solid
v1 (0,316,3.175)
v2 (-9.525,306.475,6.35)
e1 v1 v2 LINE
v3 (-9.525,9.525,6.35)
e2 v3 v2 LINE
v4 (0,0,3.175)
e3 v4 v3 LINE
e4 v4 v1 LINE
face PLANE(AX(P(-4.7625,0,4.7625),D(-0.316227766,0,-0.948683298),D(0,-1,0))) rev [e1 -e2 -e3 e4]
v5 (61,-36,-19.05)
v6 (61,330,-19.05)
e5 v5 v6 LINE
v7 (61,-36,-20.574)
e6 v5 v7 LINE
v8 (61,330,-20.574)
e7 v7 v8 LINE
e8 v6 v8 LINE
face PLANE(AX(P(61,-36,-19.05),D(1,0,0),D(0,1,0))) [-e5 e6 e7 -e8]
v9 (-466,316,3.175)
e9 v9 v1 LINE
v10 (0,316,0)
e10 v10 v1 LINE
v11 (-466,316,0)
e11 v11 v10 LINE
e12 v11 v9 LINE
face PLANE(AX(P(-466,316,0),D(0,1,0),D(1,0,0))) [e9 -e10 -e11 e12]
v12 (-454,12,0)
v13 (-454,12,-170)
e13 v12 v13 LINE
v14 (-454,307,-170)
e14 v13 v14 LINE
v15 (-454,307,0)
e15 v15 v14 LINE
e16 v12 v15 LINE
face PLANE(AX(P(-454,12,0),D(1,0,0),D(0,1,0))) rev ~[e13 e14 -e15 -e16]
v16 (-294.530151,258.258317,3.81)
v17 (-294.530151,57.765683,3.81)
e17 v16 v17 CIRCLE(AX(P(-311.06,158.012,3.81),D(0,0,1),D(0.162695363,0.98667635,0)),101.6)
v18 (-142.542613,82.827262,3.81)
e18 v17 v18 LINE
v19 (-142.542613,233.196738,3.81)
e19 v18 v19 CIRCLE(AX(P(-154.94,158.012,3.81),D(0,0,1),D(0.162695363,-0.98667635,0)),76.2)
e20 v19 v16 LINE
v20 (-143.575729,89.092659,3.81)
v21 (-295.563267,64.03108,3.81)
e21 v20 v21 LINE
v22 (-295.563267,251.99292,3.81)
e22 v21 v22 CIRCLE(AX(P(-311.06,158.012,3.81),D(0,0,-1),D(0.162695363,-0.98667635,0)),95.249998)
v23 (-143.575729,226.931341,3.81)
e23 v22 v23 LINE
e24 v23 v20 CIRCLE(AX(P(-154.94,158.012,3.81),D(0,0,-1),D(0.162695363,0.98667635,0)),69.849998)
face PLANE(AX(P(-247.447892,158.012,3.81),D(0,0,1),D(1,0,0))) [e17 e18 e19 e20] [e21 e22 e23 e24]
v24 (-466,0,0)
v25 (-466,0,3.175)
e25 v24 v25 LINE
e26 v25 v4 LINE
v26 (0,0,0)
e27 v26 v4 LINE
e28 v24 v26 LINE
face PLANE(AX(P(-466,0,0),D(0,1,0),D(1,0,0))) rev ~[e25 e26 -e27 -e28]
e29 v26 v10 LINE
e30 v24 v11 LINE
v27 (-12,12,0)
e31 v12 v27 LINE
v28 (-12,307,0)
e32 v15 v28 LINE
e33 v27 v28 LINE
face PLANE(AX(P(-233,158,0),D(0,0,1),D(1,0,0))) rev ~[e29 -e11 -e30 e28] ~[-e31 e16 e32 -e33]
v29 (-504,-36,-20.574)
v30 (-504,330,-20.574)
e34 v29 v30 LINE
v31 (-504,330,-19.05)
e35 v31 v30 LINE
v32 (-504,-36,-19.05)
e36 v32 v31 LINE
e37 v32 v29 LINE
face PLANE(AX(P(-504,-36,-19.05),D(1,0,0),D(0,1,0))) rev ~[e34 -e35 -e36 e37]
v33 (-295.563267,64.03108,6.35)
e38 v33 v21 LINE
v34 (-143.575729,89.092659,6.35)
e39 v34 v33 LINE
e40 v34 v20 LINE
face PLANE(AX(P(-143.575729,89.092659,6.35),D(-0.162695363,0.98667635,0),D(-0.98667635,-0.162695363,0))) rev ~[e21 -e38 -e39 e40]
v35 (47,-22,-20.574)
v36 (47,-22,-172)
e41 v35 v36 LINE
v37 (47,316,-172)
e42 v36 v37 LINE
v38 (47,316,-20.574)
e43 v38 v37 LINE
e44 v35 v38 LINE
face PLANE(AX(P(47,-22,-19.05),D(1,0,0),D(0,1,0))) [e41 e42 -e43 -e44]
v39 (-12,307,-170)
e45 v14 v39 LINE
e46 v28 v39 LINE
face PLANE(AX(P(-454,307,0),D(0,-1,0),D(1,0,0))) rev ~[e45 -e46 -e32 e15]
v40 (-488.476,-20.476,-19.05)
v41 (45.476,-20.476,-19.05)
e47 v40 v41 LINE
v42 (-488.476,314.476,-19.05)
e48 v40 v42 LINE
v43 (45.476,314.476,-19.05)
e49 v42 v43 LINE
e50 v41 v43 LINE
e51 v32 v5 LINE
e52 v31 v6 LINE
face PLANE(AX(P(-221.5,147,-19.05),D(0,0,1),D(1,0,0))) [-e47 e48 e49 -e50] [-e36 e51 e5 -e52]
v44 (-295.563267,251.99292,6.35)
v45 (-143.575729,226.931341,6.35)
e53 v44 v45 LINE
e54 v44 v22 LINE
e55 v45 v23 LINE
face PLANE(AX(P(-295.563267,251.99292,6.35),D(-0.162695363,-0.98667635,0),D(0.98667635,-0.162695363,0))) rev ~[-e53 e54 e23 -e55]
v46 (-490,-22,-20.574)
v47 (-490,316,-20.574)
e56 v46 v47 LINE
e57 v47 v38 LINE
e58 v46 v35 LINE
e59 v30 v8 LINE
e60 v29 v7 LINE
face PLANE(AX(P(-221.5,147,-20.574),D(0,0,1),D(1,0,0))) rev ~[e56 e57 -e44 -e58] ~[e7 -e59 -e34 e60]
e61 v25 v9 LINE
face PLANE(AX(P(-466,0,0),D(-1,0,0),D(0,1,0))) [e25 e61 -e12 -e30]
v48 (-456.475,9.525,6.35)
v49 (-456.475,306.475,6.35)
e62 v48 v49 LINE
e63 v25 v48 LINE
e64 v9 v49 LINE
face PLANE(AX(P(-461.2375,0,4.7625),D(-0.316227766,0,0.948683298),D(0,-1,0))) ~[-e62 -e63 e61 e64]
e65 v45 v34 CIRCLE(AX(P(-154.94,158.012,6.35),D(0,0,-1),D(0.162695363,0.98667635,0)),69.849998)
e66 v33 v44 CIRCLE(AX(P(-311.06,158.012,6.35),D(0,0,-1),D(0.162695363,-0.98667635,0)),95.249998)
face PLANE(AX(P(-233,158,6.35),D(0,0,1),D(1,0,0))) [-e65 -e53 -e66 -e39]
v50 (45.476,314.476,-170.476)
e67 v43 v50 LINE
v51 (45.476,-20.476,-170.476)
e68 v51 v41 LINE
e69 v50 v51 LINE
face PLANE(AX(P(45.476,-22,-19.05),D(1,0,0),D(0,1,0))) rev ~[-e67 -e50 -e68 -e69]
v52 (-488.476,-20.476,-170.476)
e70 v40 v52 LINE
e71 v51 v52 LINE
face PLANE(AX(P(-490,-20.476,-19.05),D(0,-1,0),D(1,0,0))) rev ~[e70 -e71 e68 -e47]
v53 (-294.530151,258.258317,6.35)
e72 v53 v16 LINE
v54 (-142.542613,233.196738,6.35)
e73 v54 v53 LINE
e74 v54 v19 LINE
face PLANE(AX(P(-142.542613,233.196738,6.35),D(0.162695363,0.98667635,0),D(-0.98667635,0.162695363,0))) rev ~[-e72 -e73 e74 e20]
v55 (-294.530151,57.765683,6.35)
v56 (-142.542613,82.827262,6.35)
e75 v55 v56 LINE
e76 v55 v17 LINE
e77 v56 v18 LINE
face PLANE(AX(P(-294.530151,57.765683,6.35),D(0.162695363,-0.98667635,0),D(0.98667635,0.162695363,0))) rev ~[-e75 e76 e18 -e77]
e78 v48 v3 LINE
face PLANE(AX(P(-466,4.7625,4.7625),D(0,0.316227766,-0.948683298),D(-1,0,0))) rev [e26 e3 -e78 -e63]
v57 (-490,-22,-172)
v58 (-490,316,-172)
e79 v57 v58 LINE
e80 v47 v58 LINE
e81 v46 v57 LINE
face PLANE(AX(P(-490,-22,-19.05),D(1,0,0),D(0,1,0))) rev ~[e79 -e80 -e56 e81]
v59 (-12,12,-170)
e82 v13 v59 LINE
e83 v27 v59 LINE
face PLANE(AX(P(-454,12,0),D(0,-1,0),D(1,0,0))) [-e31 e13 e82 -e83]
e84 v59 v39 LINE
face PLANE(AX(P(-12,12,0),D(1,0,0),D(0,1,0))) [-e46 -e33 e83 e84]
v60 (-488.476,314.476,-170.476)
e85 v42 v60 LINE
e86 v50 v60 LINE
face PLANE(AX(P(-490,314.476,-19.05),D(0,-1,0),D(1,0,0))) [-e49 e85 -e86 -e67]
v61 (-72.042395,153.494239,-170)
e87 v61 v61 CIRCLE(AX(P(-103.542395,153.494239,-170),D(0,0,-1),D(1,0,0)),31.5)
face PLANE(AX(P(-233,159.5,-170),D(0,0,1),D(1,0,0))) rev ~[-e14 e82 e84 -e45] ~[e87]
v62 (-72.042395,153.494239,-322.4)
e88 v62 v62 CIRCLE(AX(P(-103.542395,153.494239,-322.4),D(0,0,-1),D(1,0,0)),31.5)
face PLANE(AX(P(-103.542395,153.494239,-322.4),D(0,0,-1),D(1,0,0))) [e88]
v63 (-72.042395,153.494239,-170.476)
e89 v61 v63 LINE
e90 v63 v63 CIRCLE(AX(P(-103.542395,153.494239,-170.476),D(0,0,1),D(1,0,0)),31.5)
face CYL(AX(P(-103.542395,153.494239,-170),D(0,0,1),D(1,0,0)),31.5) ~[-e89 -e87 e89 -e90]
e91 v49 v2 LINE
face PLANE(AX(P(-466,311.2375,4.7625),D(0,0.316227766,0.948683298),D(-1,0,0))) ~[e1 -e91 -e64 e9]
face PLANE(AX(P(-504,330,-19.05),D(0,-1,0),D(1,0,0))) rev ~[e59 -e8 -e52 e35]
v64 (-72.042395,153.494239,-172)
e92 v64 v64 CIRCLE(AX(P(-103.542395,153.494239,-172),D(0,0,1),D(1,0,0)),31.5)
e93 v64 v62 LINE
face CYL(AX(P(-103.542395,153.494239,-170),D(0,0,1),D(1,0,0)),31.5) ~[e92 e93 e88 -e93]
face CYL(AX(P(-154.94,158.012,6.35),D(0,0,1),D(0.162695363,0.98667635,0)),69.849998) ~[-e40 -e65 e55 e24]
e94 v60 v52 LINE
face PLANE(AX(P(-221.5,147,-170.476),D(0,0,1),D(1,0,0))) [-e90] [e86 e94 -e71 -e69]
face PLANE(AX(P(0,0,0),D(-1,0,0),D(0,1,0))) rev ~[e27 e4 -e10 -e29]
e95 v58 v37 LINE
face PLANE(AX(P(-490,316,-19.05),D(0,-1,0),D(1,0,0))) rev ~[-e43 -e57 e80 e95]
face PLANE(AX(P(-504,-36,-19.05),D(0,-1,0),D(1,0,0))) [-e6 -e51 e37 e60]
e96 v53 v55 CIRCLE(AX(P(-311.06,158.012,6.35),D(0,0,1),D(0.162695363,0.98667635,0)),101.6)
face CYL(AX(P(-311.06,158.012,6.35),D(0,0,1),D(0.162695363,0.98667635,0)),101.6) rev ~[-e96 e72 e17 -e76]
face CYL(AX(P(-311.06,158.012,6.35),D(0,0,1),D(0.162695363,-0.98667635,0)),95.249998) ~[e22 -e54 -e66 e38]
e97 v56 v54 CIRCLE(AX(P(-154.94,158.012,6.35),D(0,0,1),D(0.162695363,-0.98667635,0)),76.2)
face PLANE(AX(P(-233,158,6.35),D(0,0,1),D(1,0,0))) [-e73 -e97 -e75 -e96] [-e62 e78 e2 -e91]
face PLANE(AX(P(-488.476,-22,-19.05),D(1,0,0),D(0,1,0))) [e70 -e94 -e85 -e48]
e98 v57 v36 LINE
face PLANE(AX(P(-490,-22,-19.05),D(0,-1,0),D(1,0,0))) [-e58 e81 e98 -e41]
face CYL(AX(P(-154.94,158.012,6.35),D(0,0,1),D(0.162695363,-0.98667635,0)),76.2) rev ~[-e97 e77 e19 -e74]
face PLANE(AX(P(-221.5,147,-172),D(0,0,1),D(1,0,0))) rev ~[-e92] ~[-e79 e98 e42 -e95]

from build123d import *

# Parameters (mm, degrees)
F0_W      = 466
F0_H      = 316
F1_DEPTH  = 6.35
F2_SIZE2  = 9.525
F2_SIZE   = 3.175
F4_DEPTH  = 2.54
F5_W      = 442
F5_H      = 295
F6_DEPTH  = 170
F7_R      = 31.5
F8_DEPTH  = 152.4
F10_START = -19.05
F9_W      = 537
F9_H      = 338
F10_DEPTH = 152.95
F11_T     = -1.524
F12_START = -19.05
F9_W_2    = 565
F9_H_2    = 366
F12_DEPTH = 1.524


with BuildPart() as f1:
    # F0 (on Top) → F1 (new body)
    with BuildSketch(Plane.XY):
        with Locations((-233, 158)):
            Rectangle(F0_W, F0_H)
    extrude(amount=F1_DEPTH)

    # F2
    f2_edges = [f1.edges().sort_by_distance(p)[0] for p in [
        (-233, 0, 6.35),
        (0, 158, 6.35),
        (-233, 316, 6.35),
        (-466, 158, 6.35),
    ]]
    chamfer(f2_edges, length=F2_SIZE, length2=F2_SIZE2)

    # F3 (on face) → F4 (cut)
    with BuildSketch(Plane.XY.offset(6.35)):
        with BuildLine():
            Line((-142.5426133743, 233.1967378452), (-294.5301511658, 258.258317127))
            ThreePointArc((-294.5301511658, 258.258317127), (-412.66, 158.012), (-294.5301511658, 57.765682873))
            Line((-294.5301511658, 57.765682873), (-142.5426133743, 82.8272621548))
            ThreePointArc((-142.5426133743, 82.8272621548), (-78.74, 158.012), (-142.5426133743, 233.1967378452))
        make_face()
        with BuildLine():
            Line((-143.5757292344, 89.0926588426), (-295.5632670258, 64.0310795608))
            ThreePointArc((-295.5632670258, 64.0310795608), (-406.3099981074, 158.012), (-295.5632670258, 251.9929204392))
            Line((-295.5632670258, 251.9929204392), (-143.5757292344, 226.9313411574))
            ThreePointArc((-143.5757292344, 226.9313411574), (-85.0900018926, 158.012), (-143.5757292344, 89.0926588426))
        make_face(mode=Mode.SUBTRACT)
    extrude(amount=-F4_DEPTH, mode=Mode.SUBTRACT)

    # F5 (on Top) → F6 (join)
    with BuildSketch(Plane.XY):
        with Locations((-233, 159.5)):
            Rectangle(F5_W, F5_H)
    extrude(amount=-F6_DEPTH)

    # F7 (on face) → F8 (join)
    with BuildSketch(Plane(origin=(0, 0, -170), x_dir=(1, 0, 0), z_dir=(0, 0, -1))):
        with Locations((-103.5423949361, -153.4942388535)):
            Circle(F7_R)
    extrude(amount=F8_DEPTH)



with BuildPart() as f10:
    # F9 (on Top) → F10 (new body)
    with BuildSketch(Plane.XY.offset(F10_START)):
        with Locations((-221.5, 147)):
            Rectangle(F9_W, F9_H)
    extrude(amount=-F10_DEPTH)

    # F11
    f11_openings = [f10.faces().sort_by_distance(p)[0] for p in [
        (-221.5, 147, -19.05),
    ]]
    offset(amount=F11_T, openings=f11_openings)


with BuildPart() as f1_1:
    add(f1.part)

    add(f10.part)  # F12 merges F10
    # F9 (on Top) → F12 (join)
    with BuildSketch(Plane.XY.offset(F12_START)):
        with Locations((-221.5, 147)):
            Rectangle(F9_W_2, F9_H_2)
        with Locations((-221.5, 147)):
            Rectangle(F9_W, F9_H, mode=Mode.SUBTRACT)
    extrude(amount=-F12_DEPTH)


solid = f1_1.part
